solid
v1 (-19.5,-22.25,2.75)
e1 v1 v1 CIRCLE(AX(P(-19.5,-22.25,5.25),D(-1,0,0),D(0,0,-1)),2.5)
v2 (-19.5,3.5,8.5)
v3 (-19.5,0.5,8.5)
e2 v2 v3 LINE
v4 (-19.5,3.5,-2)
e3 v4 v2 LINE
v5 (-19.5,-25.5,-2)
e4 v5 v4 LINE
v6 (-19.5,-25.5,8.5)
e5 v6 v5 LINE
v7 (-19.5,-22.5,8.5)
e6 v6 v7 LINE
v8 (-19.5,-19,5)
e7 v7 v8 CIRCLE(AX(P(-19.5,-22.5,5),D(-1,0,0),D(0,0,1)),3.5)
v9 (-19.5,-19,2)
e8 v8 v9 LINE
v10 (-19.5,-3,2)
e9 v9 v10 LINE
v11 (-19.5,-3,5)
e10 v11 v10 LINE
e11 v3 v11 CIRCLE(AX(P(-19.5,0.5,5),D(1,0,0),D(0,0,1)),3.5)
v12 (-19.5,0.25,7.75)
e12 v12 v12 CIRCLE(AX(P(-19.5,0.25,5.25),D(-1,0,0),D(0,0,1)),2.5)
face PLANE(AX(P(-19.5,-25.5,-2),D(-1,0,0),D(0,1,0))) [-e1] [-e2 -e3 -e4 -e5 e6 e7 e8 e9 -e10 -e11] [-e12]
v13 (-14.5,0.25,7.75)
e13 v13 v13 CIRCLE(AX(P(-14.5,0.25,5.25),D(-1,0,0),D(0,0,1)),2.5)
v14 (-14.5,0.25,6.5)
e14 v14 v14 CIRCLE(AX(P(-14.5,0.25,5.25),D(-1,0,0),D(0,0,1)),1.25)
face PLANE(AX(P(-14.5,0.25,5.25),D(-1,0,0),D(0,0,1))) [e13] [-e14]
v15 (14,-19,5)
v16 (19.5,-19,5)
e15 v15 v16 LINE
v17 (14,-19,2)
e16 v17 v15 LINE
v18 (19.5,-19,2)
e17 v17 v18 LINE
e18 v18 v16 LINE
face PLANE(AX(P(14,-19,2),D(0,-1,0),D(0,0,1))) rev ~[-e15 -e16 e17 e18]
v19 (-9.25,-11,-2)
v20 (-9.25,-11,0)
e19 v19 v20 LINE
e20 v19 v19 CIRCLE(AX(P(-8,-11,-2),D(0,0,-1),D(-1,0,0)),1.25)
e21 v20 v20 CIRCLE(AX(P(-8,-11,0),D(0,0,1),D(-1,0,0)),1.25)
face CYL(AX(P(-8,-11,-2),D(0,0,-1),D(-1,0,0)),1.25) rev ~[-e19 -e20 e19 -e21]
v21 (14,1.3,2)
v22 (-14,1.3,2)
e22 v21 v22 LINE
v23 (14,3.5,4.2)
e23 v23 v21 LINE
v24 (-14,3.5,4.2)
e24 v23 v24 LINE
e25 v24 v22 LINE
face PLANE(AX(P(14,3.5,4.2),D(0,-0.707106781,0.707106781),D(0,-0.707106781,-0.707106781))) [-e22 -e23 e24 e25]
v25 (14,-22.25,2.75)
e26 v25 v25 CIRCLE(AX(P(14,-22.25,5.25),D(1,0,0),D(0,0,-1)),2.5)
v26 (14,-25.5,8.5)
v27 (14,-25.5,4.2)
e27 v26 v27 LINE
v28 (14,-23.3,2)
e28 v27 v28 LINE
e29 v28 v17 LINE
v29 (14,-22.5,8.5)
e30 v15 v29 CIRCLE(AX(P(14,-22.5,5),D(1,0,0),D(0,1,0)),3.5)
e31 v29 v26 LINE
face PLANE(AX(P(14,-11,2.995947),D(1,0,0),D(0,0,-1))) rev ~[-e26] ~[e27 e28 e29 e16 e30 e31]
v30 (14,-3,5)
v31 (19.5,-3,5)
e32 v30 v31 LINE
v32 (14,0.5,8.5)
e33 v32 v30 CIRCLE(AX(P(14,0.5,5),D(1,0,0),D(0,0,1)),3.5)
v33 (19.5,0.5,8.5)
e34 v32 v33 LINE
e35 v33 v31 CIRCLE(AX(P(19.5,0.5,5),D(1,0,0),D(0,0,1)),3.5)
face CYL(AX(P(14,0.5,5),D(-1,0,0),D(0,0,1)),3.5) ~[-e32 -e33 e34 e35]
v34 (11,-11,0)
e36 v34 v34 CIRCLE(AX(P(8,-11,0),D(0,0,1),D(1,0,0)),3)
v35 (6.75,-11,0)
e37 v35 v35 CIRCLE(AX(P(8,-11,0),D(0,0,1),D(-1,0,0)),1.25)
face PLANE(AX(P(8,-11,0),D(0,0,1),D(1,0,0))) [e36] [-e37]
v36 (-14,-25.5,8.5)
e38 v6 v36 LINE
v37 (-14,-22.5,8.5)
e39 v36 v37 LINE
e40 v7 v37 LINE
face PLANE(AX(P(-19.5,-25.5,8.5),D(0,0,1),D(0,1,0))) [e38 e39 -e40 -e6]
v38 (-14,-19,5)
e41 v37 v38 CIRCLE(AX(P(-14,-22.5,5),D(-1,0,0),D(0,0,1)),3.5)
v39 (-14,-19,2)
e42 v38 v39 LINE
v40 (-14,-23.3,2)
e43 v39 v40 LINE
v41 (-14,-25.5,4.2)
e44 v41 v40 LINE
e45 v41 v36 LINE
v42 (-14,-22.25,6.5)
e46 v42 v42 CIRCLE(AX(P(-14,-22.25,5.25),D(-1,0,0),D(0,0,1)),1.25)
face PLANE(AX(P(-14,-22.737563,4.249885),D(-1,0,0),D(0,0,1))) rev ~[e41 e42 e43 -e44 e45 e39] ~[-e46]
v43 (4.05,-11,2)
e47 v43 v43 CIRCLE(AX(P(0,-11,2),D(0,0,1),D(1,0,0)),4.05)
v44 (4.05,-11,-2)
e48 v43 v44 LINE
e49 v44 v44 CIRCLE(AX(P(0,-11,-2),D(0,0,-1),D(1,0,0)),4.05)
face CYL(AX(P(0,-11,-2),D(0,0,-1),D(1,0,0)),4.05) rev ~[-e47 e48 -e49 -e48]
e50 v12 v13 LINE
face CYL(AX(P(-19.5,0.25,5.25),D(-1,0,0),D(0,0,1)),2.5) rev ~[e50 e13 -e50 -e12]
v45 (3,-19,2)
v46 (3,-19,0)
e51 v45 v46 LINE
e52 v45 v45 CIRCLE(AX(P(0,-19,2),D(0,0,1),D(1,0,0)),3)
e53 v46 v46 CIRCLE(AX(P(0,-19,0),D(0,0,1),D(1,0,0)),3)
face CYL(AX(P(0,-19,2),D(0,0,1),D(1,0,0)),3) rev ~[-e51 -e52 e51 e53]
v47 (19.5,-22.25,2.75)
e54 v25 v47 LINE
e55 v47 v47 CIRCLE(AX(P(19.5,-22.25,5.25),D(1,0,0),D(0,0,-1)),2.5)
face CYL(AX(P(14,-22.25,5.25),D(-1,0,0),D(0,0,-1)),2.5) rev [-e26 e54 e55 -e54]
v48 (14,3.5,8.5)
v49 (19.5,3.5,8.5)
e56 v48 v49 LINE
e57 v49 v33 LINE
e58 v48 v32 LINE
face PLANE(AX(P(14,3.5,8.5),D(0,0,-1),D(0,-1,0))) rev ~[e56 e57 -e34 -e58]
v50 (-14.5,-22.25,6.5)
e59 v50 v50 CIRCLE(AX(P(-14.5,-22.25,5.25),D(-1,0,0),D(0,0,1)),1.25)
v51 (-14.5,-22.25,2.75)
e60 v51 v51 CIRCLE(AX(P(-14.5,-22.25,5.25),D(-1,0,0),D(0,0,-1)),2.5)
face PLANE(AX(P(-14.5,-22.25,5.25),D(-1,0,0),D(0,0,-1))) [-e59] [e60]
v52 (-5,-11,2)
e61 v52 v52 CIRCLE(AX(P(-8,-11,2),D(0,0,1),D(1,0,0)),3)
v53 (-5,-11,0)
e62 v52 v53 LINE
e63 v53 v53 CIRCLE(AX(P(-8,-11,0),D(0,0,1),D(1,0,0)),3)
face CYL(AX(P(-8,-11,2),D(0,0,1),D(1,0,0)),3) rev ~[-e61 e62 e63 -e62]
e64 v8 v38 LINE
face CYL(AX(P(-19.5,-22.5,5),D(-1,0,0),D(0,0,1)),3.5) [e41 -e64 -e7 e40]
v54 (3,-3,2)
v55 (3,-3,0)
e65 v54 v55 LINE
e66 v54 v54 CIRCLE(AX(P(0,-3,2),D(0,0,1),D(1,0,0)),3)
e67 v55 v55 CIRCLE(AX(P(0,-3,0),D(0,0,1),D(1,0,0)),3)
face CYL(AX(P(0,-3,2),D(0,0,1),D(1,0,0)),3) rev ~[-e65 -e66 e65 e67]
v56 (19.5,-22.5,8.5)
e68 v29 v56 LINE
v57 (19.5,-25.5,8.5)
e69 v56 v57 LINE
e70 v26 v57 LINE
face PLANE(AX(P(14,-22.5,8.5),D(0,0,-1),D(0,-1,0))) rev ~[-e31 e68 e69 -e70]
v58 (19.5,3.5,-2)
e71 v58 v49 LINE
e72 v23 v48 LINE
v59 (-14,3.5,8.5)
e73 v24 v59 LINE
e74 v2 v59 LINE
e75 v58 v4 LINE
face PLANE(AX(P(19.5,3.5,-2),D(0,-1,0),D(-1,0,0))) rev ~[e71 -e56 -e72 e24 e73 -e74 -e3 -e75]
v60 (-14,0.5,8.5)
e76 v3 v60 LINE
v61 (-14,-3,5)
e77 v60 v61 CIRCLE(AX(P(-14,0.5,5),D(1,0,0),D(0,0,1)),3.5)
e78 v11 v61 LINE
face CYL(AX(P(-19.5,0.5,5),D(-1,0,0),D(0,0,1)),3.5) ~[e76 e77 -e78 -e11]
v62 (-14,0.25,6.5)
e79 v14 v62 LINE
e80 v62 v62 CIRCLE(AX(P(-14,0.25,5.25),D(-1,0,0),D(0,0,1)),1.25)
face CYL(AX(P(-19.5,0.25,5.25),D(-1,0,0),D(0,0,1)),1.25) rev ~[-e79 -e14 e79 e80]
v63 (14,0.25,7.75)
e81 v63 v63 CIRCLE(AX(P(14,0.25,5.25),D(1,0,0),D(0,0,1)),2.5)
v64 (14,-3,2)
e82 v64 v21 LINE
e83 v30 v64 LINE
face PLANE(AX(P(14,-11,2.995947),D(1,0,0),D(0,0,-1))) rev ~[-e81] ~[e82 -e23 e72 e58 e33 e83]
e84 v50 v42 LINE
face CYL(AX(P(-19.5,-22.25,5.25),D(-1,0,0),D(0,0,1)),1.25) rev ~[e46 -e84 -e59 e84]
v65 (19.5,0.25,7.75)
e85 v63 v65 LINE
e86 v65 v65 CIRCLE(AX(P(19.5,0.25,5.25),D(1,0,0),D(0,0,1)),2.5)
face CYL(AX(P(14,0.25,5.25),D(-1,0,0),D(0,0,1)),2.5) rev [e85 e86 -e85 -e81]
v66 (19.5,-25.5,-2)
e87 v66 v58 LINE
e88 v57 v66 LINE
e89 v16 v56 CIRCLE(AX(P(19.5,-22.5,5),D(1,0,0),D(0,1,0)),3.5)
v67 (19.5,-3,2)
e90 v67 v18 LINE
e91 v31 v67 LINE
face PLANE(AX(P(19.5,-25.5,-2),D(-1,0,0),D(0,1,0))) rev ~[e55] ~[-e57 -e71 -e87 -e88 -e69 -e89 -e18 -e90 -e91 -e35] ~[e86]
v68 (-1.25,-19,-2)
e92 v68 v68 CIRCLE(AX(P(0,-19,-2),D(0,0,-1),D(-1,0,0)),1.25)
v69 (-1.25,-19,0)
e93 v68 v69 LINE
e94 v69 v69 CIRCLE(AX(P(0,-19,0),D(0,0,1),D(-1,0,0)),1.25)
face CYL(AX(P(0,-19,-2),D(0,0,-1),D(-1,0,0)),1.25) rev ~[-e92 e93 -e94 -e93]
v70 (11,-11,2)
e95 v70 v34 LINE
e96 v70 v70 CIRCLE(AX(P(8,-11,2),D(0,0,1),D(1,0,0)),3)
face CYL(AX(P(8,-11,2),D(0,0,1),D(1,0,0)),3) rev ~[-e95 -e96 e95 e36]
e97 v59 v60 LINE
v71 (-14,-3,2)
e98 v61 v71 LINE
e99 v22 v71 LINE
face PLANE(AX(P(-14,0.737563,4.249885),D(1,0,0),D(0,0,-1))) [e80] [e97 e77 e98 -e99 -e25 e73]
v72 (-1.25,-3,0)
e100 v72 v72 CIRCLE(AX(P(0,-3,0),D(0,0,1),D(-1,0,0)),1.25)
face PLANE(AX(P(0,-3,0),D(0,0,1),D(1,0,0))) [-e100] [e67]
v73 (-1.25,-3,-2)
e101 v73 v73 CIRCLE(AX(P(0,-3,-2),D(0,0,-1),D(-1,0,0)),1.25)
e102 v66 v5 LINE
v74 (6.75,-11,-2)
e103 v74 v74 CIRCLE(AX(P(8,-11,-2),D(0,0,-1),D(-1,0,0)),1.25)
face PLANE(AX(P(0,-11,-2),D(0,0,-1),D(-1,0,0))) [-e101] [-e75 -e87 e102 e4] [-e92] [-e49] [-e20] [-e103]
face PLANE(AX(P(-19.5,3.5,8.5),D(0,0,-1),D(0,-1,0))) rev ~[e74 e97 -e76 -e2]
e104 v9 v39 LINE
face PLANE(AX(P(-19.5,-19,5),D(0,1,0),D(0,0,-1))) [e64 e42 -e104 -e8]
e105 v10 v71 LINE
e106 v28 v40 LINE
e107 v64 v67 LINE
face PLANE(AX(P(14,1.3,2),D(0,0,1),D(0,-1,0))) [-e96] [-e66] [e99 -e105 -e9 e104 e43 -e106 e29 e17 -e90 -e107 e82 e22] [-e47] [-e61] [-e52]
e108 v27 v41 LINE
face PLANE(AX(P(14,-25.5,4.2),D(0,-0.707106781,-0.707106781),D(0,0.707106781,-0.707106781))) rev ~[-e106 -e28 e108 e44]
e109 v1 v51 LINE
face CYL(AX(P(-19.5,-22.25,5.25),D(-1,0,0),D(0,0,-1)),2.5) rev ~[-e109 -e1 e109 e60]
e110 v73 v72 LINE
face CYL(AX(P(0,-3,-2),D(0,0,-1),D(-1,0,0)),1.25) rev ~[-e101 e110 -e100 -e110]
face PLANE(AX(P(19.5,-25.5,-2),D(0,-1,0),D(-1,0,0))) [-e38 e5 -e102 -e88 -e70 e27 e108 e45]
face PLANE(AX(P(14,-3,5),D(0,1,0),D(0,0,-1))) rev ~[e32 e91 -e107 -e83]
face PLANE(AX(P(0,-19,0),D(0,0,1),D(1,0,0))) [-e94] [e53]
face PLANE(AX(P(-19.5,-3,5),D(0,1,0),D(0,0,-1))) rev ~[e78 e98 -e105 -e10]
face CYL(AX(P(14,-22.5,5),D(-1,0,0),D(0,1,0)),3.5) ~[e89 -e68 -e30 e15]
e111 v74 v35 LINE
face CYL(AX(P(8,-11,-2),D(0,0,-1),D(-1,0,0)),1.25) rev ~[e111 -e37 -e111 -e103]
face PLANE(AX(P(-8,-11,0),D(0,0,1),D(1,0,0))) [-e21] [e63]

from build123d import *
from build123d.topology import SkipClean

# Parameters (mm, degrees)
SKETCH1_W           = 39
SKETCH1_H           = 23.712741858
BOSS_EXTRUDE1_DEPTH = 2
SKETCH9_R           = 4.05
CUT_EXTRUDE6_DEPTH  = 5
SKETCH10_R          = 1.25
BOSS_EXTRUDE5_DEPTH = 5.5
SKETCH11_R          = 2.5
CUT_EXTRUDE7_DEPTH  = 5
BOSS_EXTRUDE6_START = -5.5
SKETCH12_R          = 2.5
BOSS_EXTRUDE6_DEPTH = 5.5
BOSS_EXTRUDE7_DEPTH = 28
BOSS_EXTRUDE8_START = 2
SKETCH14_W          = 39
SKETCH14_H          = 29
SKETCH14_R          = 1.25
SKETCH14_R_2        = 4.05
BOSS_EXTRUDE8_DEPTH = 2
SKETCH15_R          = 3
CUT_EXTRUDE8_DEPTH  = 2


with BuildPart() as part:
    # Sketch1 → Boss-Extrude1 (new body)
    with BuildSketch(Plane.XY):
        with Locations((0, -11)):
            Rectangle(SKETCH1_W, SKETCH1_H)
        with BuildLine():
            ThreePointArc((1.25, -19), (0, -17.75), (-1.25, -19))
            ThreePointArc((-1.25, -19), (0, -20.25), (1.25, -19))
        make_face(mode=Mode.SUBTRACT)
        with BuildLine():
            ThreePointArc((-6.75, -11), (-8, -9.75), (-9.25, -11))
            ThreePointArc((-9.25, -11), (-8, -12.25), (-6.75, -11))
        make_face(mode=Mode.SUBTRACT)
        with BuildLine():
            ThreePointArc((1.25, -3), (0, -1.75), (-1.25, -3))
            ThreePointArc((-1.25, -3), (0, -4.25), (1.25, -3))
        make_face(mode=Mode.SUBTRACT)
        with BuildLine():
            ThreePointArc((9.25, -11), (8, -9.75), (6.75, -11))
            ThreePointArc((6.75, -11), (8, -12.25), (9.25, -11))
        make_face(mode=Mode.SUBTRACT)
    extrude(amount=BOSS_EXTRUDE1_DEPTH)

    # Sketch9 → Cut-Extrude6 (cut)
    with BuildSketch(Plane.XY.offset(2)):
        with Locations((0, -11)):
            Circle(SKETCH9_R)
    extrude(amount=-CUT_EXTRUDE6_DEPTH, mode=Mode.SUBTRACT)

    # Sketch10 → Boss-Extrude5 (add)
    # profile 1 of 2: a face of its own
    with BuildSketch(Plane.ZY.offset(19.5)):
        with BuildLine():
            Line((4.2, 3.5), (8.5, 3.5))
            Line((8.5, 3.5), (8.5, 0.5))
            ThreePointArc((8.5, 0.5), (7.474873734, -1.974873734), (5, -3))
            Line((5, -3), (2, -3))
            Line((2, -3), (2, 0.856370929))
            Line((2, 0.856370929), (0, 0.856370929))
            Line((0, 0.856370929), (0, 3.5))
            Line((0, 3.5), (4.2, 3.5))
        make_face()
        with Locations((5.25, 0.25)):
            Circle(SKETCH10_R, mode=Mode.SUBTRACT)
    # profile 2 of 2: a face of its own
    with BuildSketch(Plane.ZY.offset(19.5)):
        with BuildLine():
            Line((5, -19), (2, -19))
            Line((2, -19), (2, -22.856370929))
            Line((2, -22.856370929), (0, -22.856370929))
            Line((0, -22.856370929), (0, -25.5))
            Line((0, -25.5), (4.2, -25.5))
            Line((4.2, -25.5), (8.5, -25.5))
            Line((8.5, -25.5), (8.5, -22.5))
            ThreePointArc((8.5, -22.5), (7.474873734, -20.025126266), (5, -19))
        make_face()
        with Locations((5.25, -22.25)):
            Circle(SKETCH10_R, mode=Mode.SUBTRACT)
    extrude(amount=-BOSS_EXTRUDE5_DEPTH)

    # Sketch11 → Cut-Extrude7 (cut)
    with BuildSketch(Plane.ZY.offset(19.5)):
        with Locations((5.25, 0.25)):
            Circle(SKETCH11_R)
        with Locations(Location((5.25, -22.25, 0), (0, 0, 180))):
            Circle(SKETCH11_R)
    extrude(amount=-CUT_EXTRUDE7_DEPTH, mode=Mode.SUBTRACT)

    # Sketch12 → Boss-Extrude6 (add)
    with BuildSketch(Plane(origin=(19.5, 0, 0), x_dir=(0, 0, -1), z_dir=(1, 0, 0)).offset(BOSS_EXTRUDE6_START)):
        with BuildLine():
            ThreePointArc((-8.5, 0.5), (-7.474873734, -1.974873734), (-5, -3))
            Line((-5, -3), (-2, -3))
            Line((-2, -3), (-2, -19))
            Line((-2, -19), (-5, -19))
            ThreePointArc((-5, -19), (-7.474873734, -20.025126266), (-8.5, -22.5))
            Line((-8.5, -22.5), (-8.5, -25.5))
            Line((-8.5, -25.5), (0, -25.5))
            Line((0, -25.5), (0, 3.5))
            Line((0, 3.5), (-8.5, 3.5))
            Line((-8.5, 3.5), (-8.5, 0.5))
        make_face()
        with Locations((-5.25, -22.25)):
            Circle(SKETCH12_R, mode=Mode.SUBTRACT)
        with Locations(Location((-5.25, 0.25, 0), (0, 0, 180))):
            Circle(SKETCH12_R, mode=Mode.SUBTRACT)
    extrude(amount=BOSS_EXTRUDE6_DEPTH)

    # Sketch13 → Boss-Extrude7 (add)
    with BuildSketch(Plane.ZY.offset(-14)):
        Polygon((0, 3.5), (4.2, 3.5), (2, 1.3), (2, 0.856370929), (0, 0.856370929), align=None)
        Polygon((2, -22.856370929), (0, -22.856370929), (0, -25.5), (4.2, -25.5), (2, -23.3), align=None)
    extrude(amount=BOSS_EXTRUDE7_DEPTH)

    # Sketch14 → Boss-Extrude8 (add)
    with SkipClean():  # the faces are left unmerged after this step: merging them gives an invalid solid
        with BuildSketch(Plane(origin=(0, 0, 0), x_dir=(-1, 0, 0), z_dir=(0, 0, -1)).offset(BOSS_EXTRUDE8_START)):
            with Locations((0, -11)):
                Rectangle(SKETCH14_W, SKETCH14_H)
            with Locations((0, -19)):
                Circle(SKETCH14_R, mode=Mode.SUBTRACT)
            with Locations((8, -11)):
                Circle(SKETCH14_R, mode=Mode.SUBTRACT)
            with Locations((0, -3)):
                Circle(SKETCH14_R, mode=Mode.SUBTRACT)
            with Locations(Location((0, -11, 0), (0, 0, 180))):
                Circle(SKETCH14_R_2, mode=Mode.SUBTRACT)
            with Locations((-8, -11)):
                Circle(SKETCH14_R, mode=Mode.SUBTRACT)
        extrude(amount=-BOSS_EXTRUDE8_DEPTH)

    # Sketch15 → Cut-Extrude8 (cut)
    with BuildSketch(Plane.XY.offset(2)):
        with Locations((0, -3)):
            Circle(SKETCH15_R)
        with Locations((8, -11)):
            Circle(SKETCH15_R)
        with Locations((0, -19)):
            Circle(SKETCH15_R)
        with Locations((-8, -11)):
            Circle(SKETCH15_R)
    extrude(amount=-CUT_EXTRUDE8_DEPTH, mode=Mode.SUBTRACT)


solid = part.part
